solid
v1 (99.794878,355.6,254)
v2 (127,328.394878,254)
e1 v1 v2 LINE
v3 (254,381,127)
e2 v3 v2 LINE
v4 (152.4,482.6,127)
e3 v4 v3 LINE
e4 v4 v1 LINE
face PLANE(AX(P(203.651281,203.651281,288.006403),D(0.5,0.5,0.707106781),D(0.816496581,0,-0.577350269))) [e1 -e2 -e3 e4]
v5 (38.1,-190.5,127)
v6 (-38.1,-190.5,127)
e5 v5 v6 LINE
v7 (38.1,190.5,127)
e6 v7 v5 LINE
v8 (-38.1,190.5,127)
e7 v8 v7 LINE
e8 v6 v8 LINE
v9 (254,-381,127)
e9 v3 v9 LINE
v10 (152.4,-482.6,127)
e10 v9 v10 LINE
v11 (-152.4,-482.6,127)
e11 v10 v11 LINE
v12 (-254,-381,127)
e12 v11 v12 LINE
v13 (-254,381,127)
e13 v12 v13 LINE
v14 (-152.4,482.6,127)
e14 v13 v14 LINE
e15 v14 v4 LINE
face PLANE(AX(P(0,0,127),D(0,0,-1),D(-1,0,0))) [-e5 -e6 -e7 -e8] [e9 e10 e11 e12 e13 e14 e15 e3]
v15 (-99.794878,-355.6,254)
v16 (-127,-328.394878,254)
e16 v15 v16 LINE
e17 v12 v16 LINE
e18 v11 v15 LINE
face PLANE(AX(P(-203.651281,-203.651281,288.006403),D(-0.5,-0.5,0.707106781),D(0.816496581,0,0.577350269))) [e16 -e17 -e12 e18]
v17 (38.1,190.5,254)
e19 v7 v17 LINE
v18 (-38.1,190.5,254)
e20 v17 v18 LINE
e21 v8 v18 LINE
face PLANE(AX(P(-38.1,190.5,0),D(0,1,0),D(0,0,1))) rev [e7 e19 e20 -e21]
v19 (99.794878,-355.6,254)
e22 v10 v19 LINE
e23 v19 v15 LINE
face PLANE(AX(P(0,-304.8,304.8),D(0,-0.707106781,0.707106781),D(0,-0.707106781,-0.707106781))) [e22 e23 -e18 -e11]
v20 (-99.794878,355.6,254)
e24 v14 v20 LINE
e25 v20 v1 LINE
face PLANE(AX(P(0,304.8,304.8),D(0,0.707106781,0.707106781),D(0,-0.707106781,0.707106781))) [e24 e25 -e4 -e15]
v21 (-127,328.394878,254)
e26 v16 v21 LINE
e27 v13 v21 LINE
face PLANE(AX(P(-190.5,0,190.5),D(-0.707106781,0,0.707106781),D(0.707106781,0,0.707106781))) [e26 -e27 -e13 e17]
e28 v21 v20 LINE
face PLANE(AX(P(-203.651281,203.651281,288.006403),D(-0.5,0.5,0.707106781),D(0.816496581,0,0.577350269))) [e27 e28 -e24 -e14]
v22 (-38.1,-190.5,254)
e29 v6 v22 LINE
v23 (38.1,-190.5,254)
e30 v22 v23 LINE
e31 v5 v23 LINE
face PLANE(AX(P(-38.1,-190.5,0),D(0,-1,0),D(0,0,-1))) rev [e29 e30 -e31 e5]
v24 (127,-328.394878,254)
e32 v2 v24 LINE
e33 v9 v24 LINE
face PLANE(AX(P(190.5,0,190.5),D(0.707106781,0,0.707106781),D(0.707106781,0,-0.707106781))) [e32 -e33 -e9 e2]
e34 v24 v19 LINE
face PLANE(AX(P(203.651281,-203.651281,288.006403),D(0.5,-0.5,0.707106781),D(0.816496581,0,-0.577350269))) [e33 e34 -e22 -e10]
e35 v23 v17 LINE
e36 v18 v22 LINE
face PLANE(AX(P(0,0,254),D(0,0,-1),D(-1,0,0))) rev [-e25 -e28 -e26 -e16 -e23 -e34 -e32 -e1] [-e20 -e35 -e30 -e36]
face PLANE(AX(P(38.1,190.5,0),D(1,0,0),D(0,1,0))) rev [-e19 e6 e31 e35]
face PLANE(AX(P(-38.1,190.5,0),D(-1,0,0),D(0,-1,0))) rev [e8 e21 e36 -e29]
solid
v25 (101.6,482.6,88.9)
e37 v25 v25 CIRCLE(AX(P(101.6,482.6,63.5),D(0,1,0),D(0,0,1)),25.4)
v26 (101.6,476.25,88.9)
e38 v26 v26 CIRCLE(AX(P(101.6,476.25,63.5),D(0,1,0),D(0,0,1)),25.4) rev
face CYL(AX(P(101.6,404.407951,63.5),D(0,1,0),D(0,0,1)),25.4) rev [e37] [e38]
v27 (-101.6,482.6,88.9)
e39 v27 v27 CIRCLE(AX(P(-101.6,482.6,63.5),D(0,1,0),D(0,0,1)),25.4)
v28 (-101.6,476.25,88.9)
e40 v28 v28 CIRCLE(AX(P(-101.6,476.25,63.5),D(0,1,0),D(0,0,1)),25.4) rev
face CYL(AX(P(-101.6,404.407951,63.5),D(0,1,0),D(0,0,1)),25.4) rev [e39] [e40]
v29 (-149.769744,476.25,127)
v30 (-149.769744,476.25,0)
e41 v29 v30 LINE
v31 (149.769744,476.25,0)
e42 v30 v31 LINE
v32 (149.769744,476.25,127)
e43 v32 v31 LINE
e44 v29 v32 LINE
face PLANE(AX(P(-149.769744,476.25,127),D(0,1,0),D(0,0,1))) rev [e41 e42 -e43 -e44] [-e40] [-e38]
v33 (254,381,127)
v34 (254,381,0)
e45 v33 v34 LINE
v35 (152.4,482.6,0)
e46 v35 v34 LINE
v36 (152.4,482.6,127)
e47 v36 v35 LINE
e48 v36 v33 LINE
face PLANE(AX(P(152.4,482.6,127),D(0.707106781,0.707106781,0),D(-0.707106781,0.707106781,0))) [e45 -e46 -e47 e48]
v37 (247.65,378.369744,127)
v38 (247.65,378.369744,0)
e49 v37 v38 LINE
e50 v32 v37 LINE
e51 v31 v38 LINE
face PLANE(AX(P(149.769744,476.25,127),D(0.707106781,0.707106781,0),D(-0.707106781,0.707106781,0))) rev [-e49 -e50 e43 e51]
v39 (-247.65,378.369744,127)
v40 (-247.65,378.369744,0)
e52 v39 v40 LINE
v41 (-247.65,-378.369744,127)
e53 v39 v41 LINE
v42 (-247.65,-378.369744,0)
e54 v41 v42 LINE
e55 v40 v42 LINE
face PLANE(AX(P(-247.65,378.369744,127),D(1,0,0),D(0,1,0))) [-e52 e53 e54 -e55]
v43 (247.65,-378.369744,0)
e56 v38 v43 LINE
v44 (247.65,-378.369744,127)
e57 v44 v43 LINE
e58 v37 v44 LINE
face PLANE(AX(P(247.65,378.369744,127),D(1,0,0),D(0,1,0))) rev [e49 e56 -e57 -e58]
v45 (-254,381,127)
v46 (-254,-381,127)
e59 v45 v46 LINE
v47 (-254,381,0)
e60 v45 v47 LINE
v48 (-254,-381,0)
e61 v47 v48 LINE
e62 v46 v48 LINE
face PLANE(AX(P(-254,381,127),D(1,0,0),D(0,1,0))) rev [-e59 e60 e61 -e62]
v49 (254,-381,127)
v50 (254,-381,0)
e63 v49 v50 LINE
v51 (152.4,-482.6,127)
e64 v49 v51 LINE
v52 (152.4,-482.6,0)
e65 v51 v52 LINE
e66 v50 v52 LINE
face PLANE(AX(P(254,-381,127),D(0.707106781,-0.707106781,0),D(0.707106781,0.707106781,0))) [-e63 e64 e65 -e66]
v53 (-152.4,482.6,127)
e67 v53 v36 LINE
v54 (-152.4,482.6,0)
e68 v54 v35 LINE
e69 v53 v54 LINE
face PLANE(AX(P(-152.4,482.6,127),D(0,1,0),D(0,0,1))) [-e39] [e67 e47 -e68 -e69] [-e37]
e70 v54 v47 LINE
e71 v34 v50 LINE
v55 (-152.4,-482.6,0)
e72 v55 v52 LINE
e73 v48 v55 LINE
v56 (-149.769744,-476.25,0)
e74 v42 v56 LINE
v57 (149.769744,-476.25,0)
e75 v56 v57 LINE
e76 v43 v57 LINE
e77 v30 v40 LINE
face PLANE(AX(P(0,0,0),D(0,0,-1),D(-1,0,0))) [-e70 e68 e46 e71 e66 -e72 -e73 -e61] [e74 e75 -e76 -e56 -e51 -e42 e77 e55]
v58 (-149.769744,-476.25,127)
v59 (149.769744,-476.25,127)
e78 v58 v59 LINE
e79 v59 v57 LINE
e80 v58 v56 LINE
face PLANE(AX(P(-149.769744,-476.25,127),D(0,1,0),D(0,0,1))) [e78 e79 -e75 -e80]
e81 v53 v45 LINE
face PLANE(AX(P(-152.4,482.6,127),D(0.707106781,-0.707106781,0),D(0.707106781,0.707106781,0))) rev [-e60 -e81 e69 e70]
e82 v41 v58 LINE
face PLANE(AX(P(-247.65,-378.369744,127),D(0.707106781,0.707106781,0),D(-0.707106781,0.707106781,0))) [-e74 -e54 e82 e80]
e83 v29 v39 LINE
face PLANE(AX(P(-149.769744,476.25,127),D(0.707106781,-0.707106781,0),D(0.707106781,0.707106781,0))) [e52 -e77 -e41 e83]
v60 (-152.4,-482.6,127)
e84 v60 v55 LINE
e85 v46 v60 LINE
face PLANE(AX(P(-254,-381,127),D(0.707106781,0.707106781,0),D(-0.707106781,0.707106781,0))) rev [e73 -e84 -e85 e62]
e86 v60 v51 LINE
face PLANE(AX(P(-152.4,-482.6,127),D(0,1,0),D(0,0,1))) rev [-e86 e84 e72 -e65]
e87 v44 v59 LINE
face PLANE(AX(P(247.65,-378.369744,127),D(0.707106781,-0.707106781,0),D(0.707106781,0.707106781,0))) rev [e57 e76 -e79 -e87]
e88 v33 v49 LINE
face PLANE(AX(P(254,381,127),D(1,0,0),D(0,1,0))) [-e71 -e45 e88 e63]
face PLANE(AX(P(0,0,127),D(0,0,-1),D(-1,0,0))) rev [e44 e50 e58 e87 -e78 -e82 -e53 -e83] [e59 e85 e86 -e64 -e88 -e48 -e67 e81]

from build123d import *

# Parameters (mm, degrees)
BOSS_EXTRUDE1_DEPTH = 127
SKETCH5_W           = 76.2
SKETCH5_H           = 381
CUT_EXTRUDE1_DEPTH  = 255
SKETCH6_R           = 25.4
CUT_EXTRUDE2_DEPTH  = 6.35


with BuildPart() as part:
    # Sketch1 → Boss-Extrude1 (new body)
    with BuildSketch(Plane.XY):
        Polygon((-152.4, 482.6), (-254, 381), (-254, -381), (-152.4, -482.6), (152.4, -482.6), (254, -381), (254, 381), (152.4, 482.6), align=None)
        Polygon((-149.769743879, 476.25), (-247.65, 378.369743879), (-247.65, -378.369743879), (-149.769743879, -476.25), (149.769743879, -476.25), (247.65, -378.369743879), (247.65, 378.369743879), (149.769743879, 476.25), align=None, mode=Mode.SUBTRACT)
    extrude(amount=BOSS_EXTRUDE1_DEPTH)

    # Sketch6 → Cut-Extrude2 (cut)
    with BuildSketch(Plane(origin=(0, 482.6, 0), x_dir=(1, 0, 0), z_dir=(0, 1, 0))):
        with Locations((101.6, -63.5)):
            Circle(SKETCH6_R)
        with Locations((-101.6, -63.5)):
            Circle(SKETCH6_R)
    extrude(amount=-CUT_EXTRUDE2_DEPTH, mode=Mode.SUBTRACT)


with BuildPart() as body_2:
    # Sketch3 → Loft3 section 0
    with BuildSketch(Plane.XY.offset(127)):
        Polygon((-152.4, 482.6), (152.4, 482.6), (254, 381), (254, -381), (152.4, -482.6), (-152.4, -482.6), (-254, -381), (-254, 381), align=None)
    # Sketch4 → Loft3 section 1
    with BuildSketch(Plane.XY.offset(254)):
        Polygon((-127, 328.394877579), (-99.794877579, 355.6), (99.794877579, 355.6), (127, 328.394877579), (127, -328.394877579), (99.794877579, -355.6), (-99.794877579, -355.6), (-127, -328.394877579), align=None)
    loft()

    # Sketch5 → Cut-Extrude1 (cut, through all)
    with BuildSketch(Plane.XY.offset(254)):
        Rectangle(SKETCH5_W, SKETCH5_H)
    extrude(amount=-CUT_EXTRUDE1_DEPTH, mode=Mode.SUBTRACT)


solid = Compound([part.part, body_2.part])
